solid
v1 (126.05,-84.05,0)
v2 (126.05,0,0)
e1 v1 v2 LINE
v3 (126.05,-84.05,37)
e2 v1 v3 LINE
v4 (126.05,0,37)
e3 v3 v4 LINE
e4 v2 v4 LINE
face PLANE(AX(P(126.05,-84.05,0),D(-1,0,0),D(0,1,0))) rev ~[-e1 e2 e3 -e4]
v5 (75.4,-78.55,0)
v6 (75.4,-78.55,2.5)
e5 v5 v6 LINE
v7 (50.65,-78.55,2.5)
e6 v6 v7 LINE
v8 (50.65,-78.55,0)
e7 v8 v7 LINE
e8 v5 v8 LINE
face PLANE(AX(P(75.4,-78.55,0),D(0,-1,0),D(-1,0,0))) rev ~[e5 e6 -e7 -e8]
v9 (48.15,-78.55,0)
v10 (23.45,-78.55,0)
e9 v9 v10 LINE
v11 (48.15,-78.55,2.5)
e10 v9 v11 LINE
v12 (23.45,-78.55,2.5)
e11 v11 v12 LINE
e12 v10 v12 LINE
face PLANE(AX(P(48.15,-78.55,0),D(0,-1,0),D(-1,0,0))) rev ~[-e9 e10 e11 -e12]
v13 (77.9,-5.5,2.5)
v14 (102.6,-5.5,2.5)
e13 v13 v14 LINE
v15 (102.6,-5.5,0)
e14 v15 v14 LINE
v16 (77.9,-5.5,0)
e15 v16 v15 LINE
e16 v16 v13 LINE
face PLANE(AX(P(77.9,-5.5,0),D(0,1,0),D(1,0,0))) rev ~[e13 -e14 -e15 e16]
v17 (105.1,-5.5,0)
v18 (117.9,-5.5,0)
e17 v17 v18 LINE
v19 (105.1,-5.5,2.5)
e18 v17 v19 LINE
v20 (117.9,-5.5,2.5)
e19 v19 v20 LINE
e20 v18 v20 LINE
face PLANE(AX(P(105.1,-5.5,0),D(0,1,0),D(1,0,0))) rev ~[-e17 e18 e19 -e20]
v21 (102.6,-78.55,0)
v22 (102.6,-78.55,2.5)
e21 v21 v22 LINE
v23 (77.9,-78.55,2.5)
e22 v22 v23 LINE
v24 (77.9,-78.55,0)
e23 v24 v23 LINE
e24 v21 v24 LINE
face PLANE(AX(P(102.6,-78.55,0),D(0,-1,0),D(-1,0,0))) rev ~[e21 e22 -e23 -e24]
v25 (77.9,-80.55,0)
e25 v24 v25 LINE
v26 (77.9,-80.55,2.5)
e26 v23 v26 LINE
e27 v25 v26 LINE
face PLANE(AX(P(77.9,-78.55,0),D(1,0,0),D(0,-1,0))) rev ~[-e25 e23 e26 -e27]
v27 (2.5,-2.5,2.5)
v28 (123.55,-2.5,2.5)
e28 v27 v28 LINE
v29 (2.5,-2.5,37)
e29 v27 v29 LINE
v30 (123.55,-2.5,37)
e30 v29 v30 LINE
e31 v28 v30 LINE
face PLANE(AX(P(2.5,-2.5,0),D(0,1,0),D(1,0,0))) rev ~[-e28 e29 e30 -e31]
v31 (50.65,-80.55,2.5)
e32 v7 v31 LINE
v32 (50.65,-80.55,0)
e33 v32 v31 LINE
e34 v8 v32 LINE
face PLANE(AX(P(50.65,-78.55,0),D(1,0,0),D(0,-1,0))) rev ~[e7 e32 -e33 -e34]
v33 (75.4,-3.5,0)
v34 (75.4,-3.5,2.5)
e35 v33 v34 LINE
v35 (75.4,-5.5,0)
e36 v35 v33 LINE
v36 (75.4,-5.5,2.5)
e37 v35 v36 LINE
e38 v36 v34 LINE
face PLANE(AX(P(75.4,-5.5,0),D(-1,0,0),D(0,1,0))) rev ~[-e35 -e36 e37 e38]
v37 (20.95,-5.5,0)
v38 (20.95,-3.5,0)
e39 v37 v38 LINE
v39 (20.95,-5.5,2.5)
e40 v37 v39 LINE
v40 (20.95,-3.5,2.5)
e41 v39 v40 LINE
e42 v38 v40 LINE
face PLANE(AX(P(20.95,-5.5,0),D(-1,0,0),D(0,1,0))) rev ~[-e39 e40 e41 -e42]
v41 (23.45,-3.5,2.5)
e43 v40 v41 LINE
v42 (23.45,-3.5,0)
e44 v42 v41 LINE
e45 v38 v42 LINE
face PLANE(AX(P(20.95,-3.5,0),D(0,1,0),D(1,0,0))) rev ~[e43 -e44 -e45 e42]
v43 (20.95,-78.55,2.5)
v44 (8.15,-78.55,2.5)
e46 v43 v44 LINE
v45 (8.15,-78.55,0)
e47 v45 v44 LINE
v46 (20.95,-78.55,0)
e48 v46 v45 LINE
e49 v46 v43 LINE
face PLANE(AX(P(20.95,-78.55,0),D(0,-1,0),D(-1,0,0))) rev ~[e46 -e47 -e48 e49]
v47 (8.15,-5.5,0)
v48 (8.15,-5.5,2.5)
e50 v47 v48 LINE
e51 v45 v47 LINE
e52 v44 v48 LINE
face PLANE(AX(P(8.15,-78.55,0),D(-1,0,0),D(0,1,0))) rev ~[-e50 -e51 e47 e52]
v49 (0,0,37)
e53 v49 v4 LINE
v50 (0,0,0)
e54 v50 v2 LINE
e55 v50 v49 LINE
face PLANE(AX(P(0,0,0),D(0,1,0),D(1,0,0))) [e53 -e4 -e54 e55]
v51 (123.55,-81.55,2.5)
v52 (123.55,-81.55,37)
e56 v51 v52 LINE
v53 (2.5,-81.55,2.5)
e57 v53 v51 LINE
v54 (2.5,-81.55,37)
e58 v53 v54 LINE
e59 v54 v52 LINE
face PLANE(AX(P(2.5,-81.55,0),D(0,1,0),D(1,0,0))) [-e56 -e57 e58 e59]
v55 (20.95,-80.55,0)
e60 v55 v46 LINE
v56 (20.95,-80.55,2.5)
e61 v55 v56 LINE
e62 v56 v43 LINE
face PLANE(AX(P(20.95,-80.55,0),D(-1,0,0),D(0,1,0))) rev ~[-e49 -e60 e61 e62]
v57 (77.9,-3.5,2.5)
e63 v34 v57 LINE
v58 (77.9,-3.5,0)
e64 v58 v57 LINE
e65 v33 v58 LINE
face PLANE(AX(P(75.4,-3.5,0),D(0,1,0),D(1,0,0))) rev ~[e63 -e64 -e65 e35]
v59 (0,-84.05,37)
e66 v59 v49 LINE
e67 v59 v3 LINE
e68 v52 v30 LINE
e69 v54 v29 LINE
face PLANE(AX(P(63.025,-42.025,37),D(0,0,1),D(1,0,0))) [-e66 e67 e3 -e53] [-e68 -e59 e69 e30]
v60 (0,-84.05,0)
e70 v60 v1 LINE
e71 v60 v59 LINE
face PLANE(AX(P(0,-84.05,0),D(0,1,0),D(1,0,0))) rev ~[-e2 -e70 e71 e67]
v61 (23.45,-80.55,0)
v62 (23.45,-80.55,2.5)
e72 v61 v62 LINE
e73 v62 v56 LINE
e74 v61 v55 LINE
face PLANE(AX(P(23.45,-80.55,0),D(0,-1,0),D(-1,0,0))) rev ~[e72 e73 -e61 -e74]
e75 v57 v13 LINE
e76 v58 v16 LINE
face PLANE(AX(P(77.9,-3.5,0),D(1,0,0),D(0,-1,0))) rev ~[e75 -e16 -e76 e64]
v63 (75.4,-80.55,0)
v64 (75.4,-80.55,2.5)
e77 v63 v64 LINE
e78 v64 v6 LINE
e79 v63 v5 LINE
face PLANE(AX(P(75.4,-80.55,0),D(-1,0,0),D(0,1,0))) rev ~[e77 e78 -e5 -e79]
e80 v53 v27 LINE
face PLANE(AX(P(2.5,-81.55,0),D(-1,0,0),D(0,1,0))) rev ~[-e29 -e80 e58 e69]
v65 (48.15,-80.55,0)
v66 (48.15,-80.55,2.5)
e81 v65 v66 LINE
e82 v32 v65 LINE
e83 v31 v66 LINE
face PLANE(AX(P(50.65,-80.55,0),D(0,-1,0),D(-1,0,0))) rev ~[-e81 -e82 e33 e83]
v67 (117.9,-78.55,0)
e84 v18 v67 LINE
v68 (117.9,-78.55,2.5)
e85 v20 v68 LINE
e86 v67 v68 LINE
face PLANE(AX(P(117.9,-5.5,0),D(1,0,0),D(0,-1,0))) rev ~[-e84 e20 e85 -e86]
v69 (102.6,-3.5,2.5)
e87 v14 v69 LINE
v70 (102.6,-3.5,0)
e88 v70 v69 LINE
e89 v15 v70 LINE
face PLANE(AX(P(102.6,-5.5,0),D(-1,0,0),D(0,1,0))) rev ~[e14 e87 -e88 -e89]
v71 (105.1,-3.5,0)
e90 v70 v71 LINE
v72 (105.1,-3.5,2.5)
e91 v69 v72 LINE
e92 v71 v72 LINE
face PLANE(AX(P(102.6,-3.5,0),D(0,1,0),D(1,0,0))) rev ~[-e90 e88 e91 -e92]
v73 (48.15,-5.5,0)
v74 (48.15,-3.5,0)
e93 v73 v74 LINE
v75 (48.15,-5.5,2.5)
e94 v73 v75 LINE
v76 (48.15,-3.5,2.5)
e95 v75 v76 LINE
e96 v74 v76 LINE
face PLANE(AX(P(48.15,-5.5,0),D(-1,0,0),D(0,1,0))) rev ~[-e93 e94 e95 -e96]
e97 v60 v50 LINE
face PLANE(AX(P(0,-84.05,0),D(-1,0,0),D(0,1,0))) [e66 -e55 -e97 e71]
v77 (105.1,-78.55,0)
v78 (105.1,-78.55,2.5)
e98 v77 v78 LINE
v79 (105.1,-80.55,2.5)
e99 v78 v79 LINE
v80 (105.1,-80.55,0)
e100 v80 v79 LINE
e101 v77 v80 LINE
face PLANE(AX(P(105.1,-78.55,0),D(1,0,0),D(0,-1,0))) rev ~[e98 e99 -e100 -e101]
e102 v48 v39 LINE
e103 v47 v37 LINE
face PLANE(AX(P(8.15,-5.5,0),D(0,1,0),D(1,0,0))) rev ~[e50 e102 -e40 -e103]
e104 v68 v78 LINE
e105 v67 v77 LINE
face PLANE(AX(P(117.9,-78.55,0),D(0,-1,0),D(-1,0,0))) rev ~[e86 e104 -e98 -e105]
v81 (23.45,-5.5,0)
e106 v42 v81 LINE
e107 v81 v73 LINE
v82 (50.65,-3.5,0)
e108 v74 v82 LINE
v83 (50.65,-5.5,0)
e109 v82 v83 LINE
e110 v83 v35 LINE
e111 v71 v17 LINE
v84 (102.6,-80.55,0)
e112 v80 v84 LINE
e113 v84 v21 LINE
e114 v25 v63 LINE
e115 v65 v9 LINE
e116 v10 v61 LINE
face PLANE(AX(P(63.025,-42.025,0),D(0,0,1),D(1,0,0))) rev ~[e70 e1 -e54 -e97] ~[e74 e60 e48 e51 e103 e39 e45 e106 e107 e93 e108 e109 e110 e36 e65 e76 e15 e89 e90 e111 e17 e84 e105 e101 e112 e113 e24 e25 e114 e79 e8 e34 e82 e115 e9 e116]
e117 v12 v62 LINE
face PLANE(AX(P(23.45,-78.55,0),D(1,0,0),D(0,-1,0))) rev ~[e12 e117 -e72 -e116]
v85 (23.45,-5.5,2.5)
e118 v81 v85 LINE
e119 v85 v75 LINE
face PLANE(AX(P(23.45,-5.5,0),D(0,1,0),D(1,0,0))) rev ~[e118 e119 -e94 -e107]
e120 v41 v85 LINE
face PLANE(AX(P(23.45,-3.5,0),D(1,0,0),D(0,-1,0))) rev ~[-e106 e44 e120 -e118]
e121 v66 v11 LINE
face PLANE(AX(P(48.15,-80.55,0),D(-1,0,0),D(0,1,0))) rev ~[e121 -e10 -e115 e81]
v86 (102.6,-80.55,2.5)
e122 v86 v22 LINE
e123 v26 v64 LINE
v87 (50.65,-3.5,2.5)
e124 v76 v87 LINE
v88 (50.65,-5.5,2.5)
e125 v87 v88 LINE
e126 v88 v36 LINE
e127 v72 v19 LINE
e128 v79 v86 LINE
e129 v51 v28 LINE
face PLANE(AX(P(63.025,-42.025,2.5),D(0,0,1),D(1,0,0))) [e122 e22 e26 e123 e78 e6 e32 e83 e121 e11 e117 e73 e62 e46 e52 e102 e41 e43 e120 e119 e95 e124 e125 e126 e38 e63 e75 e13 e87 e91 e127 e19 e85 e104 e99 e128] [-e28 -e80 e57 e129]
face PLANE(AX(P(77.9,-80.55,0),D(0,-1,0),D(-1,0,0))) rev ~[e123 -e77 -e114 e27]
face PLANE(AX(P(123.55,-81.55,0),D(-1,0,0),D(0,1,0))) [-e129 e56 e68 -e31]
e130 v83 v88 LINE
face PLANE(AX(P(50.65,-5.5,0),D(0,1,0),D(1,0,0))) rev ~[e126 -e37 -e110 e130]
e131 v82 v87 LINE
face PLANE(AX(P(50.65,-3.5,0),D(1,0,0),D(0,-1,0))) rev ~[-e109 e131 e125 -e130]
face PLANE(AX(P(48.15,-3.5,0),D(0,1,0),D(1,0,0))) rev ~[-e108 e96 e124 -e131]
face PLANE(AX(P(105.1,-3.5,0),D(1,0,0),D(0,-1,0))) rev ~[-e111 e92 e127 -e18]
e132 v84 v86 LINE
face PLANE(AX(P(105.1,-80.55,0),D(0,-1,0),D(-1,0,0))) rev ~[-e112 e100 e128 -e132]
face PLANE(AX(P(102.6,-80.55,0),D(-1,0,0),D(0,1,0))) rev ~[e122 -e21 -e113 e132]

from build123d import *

# Parameters (mm, degrees)
F0_W     = 121.05
F0_H     = 79.05
F1_DEPTH = 2.5
F0_W_2   = 126.05
F0_H_2   = 84.05
F2_DEPTH = 37


with BuildPart() as f1:
    # F0 (on Top) → F1 (new body)
    with BuildSketch(Plane.XY):
        with Locations((63.025, -42.025)):
            Rectangle(F0_W, F0_H)
        Polygon((8.15, -78.55), (8.15, -5.5), (20.95, -5.5), (20.95, -3.5), (23.45, -3.5), (23.45, -5.5), (48.15, -5.5), (48.15, -3.5), (50.65, -3.5), (50.65, -5.5), (75.4, -5.5), (75.4, -3.5), (77.9, -3.5), (77.9, -5.5), (102.6, -5.5), (102.6, -3.5), (105.1, -3.5), (105.1, -5.5), (117.9, -5.5), (117.9, -78.55), (105.1, -78.55), (105.1, -80.55), (102.6, -80.55), (102.6, -78.55), (77.9, -78.55), (77.9, -80.55), (75.4, -80.55), (75.4, -78.55), (50.65, -78.55), (50.65, -80.55), (48.15, -80.55), (48.15, -78.55), (23.45, -78.55), (23.45, -80.55), (20.95, -80.55), (20.95, -78.55), align=None, mode=Mode.SUBTRACT)
    extrude(amount=F1_DEPTH)

    # F0 (on Top) → F2 (join)
    with BuildSketch(Plane.XY):
        with Locations((63.025, -42.025)):
            Rectangle(F0_W_2, F0_H_2)
        with Locations((63.025, -42.025)):
            Rectangle(F0_W, F0_H, mode=Mode.SUBTRACT)
    extrude(amount=F2_DEPTH)


solid = f1.part
